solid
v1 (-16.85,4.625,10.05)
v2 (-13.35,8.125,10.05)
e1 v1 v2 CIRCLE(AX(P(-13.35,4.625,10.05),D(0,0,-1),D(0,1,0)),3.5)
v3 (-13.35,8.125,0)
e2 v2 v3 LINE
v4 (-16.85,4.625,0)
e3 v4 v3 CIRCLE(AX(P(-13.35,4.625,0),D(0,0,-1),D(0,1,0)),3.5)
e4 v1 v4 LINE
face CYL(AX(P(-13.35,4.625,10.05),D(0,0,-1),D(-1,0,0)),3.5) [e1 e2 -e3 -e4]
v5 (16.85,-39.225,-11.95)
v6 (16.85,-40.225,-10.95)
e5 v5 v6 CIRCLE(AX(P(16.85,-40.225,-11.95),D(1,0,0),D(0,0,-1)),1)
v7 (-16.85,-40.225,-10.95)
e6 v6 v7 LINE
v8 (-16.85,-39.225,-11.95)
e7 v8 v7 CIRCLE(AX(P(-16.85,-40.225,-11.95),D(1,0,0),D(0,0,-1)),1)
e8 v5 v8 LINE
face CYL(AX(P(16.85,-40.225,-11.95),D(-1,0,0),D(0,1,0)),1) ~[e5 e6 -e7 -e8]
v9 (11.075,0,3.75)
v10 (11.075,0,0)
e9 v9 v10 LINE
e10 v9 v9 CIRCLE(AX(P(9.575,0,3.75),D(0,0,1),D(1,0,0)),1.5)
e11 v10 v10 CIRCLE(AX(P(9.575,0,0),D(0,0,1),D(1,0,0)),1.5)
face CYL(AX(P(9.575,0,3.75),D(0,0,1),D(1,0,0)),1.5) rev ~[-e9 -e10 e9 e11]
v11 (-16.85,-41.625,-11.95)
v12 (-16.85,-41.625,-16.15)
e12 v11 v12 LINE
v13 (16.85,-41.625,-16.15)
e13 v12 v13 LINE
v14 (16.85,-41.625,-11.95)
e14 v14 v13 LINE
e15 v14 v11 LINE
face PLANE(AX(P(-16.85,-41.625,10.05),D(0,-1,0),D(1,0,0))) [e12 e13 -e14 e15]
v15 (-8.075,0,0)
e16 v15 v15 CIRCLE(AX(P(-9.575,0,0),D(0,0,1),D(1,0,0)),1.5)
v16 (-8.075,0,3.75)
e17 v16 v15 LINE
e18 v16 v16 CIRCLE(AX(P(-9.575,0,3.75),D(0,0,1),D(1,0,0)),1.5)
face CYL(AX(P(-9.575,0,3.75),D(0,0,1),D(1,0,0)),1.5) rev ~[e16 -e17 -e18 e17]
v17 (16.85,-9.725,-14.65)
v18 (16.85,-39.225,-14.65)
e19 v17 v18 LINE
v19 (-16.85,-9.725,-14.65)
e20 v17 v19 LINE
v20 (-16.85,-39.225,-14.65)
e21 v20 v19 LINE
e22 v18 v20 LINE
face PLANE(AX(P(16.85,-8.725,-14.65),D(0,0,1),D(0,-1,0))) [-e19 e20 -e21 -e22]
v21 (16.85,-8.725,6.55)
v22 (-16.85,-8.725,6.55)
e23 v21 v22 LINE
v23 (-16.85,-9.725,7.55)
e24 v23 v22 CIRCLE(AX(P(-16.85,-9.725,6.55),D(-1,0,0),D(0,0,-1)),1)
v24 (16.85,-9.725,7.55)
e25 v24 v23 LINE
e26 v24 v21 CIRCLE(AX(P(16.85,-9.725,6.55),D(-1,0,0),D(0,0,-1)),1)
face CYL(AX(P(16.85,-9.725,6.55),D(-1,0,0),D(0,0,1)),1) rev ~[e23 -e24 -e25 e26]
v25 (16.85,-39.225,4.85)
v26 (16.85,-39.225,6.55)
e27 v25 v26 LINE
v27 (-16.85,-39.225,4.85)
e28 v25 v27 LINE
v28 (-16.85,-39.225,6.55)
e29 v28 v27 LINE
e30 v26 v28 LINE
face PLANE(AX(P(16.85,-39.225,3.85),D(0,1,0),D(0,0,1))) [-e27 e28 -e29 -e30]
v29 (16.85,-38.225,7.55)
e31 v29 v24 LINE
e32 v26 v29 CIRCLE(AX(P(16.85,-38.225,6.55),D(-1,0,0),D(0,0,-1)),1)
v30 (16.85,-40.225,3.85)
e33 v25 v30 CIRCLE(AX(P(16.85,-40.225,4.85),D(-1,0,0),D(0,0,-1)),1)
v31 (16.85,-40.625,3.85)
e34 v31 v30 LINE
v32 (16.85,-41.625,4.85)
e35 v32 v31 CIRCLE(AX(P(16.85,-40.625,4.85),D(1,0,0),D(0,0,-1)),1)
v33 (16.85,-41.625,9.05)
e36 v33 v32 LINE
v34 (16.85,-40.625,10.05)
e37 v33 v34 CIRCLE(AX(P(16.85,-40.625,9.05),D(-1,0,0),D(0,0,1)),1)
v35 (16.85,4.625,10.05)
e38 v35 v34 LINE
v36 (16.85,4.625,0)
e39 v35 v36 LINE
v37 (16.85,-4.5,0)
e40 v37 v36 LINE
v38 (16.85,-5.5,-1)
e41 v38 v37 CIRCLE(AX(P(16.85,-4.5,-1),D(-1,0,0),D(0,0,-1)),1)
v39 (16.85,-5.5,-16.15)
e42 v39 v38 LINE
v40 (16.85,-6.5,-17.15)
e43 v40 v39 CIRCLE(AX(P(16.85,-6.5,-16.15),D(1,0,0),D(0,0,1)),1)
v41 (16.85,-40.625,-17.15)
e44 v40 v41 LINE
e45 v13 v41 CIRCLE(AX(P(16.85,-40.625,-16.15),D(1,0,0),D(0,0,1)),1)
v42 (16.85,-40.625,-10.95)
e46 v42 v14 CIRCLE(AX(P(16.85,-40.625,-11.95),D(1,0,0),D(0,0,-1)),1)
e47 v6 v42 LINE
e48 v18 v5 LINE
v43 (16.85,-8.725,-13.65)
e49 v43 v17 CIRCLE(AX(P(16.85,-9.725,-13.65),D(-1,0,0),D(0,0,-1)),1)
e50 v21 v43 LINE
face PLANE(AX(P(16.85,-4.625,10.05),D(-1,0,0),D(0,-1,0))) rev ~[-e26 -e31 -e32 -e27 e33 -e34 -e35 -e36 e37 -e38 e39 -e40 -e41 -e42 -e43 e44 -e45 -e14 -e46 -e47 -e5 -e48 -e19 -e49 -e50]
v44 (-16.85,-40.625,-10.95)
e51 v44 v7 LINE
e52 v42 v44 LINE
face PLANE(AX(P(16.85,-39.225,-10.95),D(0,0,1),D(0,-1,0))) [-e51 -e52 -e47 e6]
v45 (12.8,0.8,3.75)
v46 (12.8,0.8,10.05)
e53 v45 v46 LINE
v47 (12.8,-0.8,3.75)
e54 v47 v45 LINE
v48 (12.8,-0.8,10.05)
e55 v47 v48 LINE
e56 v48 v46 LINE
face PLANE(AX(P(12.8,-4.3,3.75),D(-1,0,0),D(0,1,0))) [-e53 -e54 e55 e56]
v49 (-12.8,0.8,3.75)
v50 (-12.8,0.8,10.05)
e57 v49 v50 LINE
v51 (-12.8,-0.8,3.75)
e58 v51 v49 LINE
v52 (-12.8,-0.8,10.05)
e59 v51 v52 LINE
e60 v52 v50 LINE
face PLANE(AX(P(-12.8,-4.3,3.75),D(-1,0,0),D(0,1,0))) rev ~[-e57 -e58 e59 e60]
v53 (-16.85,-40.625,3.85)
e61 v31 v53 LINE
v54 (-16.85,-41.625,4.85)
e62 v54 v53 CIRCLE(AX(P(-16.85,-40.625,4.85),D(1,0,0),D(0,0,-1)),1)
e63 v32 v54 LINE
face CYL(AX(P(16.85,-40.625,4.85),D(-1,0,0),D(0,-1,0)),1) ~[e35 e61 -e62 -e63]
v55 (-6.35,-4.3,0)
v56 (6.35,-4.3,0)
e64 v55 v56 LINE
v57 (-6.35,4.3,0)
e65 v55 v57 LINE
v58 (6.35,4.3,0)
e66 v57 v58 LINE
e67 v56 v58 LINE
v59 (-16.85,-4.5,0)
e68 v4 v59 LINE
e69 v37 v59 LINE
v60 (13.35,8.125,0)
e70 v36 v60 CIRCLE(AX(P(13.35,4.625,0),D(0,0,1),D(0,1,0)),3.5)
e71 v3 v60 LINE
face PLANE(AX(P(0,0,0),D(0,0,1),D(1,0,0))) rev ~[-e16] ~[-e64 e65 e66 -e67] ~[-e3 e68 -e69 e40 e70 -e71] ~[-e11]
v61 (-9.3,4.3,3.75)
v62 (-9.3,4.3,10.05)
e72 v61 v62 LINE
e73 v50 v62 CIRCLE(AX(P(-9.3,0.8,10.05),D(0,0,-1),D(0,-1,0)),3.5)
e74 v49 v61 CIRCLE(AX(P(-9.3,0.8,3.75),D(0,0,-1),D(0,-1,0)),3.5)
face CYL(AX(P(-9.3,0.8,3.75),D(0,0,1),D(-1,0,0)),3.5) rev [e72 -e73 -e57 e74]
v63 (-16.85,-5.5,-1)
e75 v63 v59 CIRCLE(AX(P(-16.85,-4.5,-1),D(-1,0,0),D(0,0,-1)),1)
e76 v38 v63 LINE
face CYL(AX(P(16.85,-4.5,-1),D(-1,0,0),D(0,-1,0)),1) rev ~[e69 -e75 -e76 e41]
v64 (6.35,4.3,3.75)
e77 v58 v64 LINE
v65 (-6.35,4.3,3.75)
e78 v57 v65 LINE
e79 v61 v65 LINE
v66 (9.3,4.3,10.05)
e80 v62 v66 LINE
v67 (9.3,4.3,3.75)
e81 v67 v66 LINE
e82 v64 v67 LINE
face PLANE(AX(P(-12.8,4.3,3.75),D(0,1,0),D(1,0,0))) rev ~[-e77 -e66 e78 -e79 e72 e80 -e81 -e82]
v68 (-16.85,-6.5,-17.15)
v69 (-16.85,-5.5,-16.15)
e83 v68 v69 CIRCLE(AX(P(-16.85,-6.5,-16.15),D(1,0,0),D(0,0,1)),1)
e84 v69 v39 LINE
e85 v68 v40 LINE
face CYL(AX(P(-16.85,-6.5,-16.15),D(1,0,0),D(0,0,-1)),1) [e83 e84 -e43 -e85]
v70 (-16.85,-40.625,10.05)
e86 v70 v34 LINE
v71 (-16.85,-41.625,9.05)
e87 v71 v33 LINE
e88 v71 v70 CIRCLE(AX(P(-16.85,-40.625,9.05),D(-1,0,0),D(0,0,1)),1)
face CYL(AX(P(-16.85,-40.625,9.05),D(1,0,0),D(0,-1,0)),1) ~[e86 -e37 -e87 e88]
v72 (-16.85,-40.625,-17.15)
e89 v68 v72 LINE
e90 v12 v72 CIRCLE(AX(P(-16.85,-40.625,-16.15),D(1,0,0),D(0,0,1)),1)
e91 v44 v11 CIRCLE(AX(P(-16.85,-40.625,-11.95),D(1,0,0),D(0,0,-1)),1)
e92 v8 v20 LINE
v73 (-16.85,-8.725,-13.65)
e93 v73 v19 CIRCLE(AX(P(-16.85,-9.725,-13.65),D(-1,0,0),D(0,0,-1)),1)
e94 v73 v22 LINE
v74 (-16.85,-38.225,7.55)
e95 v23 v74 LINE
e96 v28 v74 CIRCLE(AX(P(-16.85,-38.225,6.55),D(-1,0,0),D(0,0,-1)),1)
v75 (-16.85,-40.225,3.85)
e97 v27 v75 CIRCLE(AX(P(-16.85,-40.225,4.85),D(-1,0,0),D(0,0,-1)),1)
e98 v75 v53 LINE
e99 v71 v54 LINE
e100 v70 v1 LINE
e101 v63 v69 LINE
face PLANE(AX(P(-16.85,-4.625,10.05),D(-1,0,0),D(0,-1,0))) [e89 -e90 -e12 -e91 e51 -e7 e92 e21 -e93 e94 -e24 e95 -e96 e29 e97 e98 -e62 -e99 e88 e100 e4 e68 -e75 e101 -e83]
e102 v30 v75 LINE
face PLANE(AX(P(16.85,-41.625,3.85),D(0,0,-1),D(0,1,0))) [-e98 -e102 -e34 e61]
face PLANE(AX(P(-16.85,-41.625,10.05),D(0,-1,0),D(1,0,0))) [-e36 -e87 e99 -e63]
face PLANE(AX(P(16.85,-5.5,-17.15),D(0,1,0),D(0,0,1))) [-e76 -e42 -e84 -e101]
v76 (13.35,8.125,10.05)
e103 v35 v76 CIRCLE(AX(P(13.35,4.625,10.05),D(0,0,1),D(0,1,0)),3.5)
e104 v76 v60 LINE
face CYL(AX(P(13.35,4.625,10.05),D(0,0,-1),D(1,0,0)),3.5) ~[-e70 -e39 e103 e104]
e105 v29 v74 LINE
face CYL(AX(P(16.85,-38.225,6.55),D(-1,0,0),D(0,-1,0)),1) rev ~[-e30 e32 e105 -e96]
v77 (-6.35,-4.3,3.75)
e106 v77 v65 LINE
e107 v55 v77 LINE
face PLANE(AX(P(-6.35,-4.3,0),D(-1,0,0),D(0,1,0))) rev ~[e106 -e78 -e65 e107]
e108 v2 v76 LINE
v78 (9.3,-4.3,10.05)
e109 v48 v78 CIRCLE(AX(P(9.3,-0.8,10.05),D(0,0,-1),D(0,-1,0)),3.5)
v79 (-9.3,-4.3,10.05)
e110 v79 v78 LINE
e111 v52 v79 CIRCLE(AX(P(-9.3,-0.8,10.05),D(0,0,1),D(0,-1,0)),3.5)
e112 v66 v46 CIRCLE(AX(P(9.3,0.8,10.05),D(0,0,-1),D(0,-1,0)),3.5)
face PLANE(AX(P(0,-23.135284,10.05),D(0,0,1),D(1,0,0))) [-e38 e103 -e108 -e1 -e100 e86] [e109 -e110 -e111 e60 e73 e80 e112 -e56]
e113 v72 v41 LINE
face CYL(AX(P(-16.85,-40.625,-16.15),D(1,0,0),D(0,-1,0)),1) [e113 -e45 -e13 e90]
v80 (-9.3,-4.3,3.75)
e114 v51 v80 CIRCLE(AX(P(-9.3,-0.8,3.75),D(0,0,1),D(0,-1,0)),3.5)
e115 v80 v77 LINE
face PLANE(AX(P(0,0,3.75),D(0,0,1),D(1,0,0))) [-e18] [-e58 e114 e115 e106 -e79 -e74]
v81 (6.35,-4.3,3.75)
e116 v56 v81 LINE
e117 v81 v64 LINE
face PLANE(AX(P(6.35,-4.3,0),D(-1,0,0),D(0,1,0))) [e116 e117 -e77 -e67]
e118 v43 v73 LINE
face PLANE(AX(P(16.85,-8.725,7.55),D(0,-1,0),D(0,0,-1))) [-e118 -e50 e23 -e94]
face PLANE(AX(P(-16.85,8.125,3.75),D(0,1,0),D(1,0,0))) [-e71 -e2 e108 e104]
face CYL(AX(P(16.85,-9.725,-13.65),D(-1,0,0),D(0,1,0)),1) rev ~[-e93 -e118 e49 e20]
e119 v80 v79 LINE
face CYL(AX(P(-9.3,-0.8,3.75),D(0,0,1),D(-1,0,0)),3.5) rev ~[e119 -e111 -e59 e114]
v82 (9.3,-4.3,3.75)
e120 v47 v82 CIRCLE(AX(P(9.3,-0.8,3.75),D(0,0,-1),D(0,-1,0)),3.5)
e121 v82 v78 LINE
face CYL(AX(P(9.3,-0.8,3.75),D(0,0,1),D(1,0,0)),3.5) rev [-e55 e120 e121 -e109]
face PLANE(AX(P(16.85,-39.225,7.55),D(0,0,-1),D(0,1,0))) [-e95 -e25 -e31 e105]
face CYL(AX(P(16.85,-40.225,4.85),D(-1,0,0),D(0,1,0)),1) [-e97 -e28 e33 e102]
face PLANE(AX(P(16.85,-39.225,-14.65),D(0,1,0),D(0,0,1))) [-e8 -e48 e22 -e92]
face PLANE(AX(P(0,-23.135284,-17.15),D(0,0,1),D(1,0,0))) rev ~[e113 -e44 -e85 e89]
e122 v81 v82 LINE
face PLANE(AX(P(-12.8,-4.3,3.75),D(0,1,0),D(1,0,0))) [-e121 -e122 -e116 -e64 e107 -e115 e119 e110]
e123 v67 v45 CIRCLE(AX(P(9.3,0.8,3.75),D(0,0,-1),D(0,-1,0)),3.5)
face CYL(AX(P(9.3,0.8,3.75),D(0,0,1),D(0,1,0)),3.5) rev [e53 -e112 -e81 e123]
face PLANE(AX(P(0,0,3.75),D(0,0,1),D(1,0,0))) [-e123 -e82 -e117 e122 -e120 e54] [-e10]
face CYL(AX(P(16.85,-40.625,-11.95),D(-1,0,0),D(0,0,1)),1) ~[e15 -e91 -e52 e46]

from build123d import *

# Parameters (mm, degrees)
SKETCH_W        = 33.7
SKETCH_H        = 16.25
SKETCH_W_2      = 12.7
SKETCH_H_2      = 8.6
PAD_DEPTH       = 3.75
SKETCH001_W     = 33.7
SKETCH001_H     = 16.25
SKETCH001_W_2   = 25.6
SKETCH001_H_2   = 8.6
PAD001_DEPTH    = 6.3
FILLET_R        = 3.5
SKETCH002_R     = 1.5
POCKET_DEPTH    = 3.751
PAD002_DEPTH    = 27.2
SKETCH004_W     = 0.875
SKETCH004_H     = 17.15
POCKET001_DEPTH = 33.701
FILLET001_R     = 1


with BuildPart() as part:
    # Sketch → Pad (new body)
    with BuildSketch(Plane.XY):
        Rectangle(SKETCH_W, SKETCH_H)
        Rectangle(SKETCH_W_2, SKETCH_H_2, mode=Mode.SUBTRACT)
    extrude(amount=PAD_DEPTH)

    # Sketch001 (on Face10 of Pad) → Pad001 (join)
    with BuildSketch(Plane.XY.offset(3.75)):
        Rectangle(SKETCH001_W, SKETCH001_H)
        Rectangle(SKETCH001_W_2, SKETCH001_H_2, mode=Mode.SUBTRACT)
    extrude(amount=PAD001_DEPTH)

    # Fillet
    fillet_edges = [part.edges().sort_by_distance(p)[0] for p in [
        (-12.8, 4.3, 6.9),
        (12.8, 4.3, 6.9),
        (12.8, -4.3, 6.9),
        (-12.8, -4.3, 6.9),
        (-16.85, -8.125, 5.025),
        (-16.85, 8.125, 5.025),
        (16.85, -8.125, 5.025),
        (16.85, 8.125, 5.025),
    ]]
    fillet(fillet_edges, radius=FILLET_R)

    # Sketch002 (on Face18 of Fillet) → Pocket (cut, through all)
    with BuildSketch(Plane.XY.offset(3.75)):
        with Locations((-9.575, 0)):
            Circle(SKETCH002_R)
        with Locations((9.575, 0)):
            Circle(SKETCH002_R)
    extrude(amount=-POCKET_DEPTH, mode=Mode.SUBTRACT)

    # Sketch003 (on Face16 of Pocket) → Pad002 (join)
    with BuildSketch(Plane.XY.offset(10.05)):
        with BuildLine():
            Line((-16.85, -41.625), (16.85, -41.625))
            Line((16.85, -5.5), (16.85, -41.625))
            Line((16.85, -4.625), (16.85, -5.5))
            ThreePointArc((16.73886, -5.5), (16.822104, -5.066015), (16.85, -4.625))
            Line((16.73886, -5.5), (-16.73886, -5.5))
            ThreePointArc((-16.85, -4.625), (-16.822104, -5.066015), (-16.73886, -5.5))
            Line((-16.85, -4.625), (-16.85, -5.5))
            Line((-16.85, -5.5), (-16.85, -41.625))
        make_face()
    extrude(amount=-PAD002_DEPTH)

    # Sketch004 (on Face26 of Pad002) → Pocket001 (cut, through all)
    with BuildSketch(Plane.YZ.offset(16.85)):
        Polygon((-41.625, 3.85), (-39.225, 3.85), (-39.225, 7.55), (-8.725, 7.55), (-8.725, -14.65), (-39.225, -14.65), (-39.225, -10.95), (-41.625, -10.95), align=None)
        with Locations((-5.0625, -8.575)):
            Rectangle(SKETCH004_W, SKETCH004_H)
    extrude(amount=-POCKET001_DEPTH, mode=Mode.SUBTRACT)

    # Fillet001
    fillet001_edges = [part.edges().sort_by_distance(p)[0] for p in [
        (0, -8.725, 7.55),
        (0, -39.225, 7.55),
        (0, -5.5, -17.15),
        (0, -8.725, -14.65),
        (0, -41.625, 10.05),
        (0, -41.625, -17.15),
        (0, -41.625, -10.95),
        (0, -41.625, 3.85),
        (0, -39.225, 3.85),
        (0, -39.225, -10.95),
        (0, -5.5, 0),
    ]]
    fillet(fillet001_edges, radius=FILLET001_R)


solid = part.part
